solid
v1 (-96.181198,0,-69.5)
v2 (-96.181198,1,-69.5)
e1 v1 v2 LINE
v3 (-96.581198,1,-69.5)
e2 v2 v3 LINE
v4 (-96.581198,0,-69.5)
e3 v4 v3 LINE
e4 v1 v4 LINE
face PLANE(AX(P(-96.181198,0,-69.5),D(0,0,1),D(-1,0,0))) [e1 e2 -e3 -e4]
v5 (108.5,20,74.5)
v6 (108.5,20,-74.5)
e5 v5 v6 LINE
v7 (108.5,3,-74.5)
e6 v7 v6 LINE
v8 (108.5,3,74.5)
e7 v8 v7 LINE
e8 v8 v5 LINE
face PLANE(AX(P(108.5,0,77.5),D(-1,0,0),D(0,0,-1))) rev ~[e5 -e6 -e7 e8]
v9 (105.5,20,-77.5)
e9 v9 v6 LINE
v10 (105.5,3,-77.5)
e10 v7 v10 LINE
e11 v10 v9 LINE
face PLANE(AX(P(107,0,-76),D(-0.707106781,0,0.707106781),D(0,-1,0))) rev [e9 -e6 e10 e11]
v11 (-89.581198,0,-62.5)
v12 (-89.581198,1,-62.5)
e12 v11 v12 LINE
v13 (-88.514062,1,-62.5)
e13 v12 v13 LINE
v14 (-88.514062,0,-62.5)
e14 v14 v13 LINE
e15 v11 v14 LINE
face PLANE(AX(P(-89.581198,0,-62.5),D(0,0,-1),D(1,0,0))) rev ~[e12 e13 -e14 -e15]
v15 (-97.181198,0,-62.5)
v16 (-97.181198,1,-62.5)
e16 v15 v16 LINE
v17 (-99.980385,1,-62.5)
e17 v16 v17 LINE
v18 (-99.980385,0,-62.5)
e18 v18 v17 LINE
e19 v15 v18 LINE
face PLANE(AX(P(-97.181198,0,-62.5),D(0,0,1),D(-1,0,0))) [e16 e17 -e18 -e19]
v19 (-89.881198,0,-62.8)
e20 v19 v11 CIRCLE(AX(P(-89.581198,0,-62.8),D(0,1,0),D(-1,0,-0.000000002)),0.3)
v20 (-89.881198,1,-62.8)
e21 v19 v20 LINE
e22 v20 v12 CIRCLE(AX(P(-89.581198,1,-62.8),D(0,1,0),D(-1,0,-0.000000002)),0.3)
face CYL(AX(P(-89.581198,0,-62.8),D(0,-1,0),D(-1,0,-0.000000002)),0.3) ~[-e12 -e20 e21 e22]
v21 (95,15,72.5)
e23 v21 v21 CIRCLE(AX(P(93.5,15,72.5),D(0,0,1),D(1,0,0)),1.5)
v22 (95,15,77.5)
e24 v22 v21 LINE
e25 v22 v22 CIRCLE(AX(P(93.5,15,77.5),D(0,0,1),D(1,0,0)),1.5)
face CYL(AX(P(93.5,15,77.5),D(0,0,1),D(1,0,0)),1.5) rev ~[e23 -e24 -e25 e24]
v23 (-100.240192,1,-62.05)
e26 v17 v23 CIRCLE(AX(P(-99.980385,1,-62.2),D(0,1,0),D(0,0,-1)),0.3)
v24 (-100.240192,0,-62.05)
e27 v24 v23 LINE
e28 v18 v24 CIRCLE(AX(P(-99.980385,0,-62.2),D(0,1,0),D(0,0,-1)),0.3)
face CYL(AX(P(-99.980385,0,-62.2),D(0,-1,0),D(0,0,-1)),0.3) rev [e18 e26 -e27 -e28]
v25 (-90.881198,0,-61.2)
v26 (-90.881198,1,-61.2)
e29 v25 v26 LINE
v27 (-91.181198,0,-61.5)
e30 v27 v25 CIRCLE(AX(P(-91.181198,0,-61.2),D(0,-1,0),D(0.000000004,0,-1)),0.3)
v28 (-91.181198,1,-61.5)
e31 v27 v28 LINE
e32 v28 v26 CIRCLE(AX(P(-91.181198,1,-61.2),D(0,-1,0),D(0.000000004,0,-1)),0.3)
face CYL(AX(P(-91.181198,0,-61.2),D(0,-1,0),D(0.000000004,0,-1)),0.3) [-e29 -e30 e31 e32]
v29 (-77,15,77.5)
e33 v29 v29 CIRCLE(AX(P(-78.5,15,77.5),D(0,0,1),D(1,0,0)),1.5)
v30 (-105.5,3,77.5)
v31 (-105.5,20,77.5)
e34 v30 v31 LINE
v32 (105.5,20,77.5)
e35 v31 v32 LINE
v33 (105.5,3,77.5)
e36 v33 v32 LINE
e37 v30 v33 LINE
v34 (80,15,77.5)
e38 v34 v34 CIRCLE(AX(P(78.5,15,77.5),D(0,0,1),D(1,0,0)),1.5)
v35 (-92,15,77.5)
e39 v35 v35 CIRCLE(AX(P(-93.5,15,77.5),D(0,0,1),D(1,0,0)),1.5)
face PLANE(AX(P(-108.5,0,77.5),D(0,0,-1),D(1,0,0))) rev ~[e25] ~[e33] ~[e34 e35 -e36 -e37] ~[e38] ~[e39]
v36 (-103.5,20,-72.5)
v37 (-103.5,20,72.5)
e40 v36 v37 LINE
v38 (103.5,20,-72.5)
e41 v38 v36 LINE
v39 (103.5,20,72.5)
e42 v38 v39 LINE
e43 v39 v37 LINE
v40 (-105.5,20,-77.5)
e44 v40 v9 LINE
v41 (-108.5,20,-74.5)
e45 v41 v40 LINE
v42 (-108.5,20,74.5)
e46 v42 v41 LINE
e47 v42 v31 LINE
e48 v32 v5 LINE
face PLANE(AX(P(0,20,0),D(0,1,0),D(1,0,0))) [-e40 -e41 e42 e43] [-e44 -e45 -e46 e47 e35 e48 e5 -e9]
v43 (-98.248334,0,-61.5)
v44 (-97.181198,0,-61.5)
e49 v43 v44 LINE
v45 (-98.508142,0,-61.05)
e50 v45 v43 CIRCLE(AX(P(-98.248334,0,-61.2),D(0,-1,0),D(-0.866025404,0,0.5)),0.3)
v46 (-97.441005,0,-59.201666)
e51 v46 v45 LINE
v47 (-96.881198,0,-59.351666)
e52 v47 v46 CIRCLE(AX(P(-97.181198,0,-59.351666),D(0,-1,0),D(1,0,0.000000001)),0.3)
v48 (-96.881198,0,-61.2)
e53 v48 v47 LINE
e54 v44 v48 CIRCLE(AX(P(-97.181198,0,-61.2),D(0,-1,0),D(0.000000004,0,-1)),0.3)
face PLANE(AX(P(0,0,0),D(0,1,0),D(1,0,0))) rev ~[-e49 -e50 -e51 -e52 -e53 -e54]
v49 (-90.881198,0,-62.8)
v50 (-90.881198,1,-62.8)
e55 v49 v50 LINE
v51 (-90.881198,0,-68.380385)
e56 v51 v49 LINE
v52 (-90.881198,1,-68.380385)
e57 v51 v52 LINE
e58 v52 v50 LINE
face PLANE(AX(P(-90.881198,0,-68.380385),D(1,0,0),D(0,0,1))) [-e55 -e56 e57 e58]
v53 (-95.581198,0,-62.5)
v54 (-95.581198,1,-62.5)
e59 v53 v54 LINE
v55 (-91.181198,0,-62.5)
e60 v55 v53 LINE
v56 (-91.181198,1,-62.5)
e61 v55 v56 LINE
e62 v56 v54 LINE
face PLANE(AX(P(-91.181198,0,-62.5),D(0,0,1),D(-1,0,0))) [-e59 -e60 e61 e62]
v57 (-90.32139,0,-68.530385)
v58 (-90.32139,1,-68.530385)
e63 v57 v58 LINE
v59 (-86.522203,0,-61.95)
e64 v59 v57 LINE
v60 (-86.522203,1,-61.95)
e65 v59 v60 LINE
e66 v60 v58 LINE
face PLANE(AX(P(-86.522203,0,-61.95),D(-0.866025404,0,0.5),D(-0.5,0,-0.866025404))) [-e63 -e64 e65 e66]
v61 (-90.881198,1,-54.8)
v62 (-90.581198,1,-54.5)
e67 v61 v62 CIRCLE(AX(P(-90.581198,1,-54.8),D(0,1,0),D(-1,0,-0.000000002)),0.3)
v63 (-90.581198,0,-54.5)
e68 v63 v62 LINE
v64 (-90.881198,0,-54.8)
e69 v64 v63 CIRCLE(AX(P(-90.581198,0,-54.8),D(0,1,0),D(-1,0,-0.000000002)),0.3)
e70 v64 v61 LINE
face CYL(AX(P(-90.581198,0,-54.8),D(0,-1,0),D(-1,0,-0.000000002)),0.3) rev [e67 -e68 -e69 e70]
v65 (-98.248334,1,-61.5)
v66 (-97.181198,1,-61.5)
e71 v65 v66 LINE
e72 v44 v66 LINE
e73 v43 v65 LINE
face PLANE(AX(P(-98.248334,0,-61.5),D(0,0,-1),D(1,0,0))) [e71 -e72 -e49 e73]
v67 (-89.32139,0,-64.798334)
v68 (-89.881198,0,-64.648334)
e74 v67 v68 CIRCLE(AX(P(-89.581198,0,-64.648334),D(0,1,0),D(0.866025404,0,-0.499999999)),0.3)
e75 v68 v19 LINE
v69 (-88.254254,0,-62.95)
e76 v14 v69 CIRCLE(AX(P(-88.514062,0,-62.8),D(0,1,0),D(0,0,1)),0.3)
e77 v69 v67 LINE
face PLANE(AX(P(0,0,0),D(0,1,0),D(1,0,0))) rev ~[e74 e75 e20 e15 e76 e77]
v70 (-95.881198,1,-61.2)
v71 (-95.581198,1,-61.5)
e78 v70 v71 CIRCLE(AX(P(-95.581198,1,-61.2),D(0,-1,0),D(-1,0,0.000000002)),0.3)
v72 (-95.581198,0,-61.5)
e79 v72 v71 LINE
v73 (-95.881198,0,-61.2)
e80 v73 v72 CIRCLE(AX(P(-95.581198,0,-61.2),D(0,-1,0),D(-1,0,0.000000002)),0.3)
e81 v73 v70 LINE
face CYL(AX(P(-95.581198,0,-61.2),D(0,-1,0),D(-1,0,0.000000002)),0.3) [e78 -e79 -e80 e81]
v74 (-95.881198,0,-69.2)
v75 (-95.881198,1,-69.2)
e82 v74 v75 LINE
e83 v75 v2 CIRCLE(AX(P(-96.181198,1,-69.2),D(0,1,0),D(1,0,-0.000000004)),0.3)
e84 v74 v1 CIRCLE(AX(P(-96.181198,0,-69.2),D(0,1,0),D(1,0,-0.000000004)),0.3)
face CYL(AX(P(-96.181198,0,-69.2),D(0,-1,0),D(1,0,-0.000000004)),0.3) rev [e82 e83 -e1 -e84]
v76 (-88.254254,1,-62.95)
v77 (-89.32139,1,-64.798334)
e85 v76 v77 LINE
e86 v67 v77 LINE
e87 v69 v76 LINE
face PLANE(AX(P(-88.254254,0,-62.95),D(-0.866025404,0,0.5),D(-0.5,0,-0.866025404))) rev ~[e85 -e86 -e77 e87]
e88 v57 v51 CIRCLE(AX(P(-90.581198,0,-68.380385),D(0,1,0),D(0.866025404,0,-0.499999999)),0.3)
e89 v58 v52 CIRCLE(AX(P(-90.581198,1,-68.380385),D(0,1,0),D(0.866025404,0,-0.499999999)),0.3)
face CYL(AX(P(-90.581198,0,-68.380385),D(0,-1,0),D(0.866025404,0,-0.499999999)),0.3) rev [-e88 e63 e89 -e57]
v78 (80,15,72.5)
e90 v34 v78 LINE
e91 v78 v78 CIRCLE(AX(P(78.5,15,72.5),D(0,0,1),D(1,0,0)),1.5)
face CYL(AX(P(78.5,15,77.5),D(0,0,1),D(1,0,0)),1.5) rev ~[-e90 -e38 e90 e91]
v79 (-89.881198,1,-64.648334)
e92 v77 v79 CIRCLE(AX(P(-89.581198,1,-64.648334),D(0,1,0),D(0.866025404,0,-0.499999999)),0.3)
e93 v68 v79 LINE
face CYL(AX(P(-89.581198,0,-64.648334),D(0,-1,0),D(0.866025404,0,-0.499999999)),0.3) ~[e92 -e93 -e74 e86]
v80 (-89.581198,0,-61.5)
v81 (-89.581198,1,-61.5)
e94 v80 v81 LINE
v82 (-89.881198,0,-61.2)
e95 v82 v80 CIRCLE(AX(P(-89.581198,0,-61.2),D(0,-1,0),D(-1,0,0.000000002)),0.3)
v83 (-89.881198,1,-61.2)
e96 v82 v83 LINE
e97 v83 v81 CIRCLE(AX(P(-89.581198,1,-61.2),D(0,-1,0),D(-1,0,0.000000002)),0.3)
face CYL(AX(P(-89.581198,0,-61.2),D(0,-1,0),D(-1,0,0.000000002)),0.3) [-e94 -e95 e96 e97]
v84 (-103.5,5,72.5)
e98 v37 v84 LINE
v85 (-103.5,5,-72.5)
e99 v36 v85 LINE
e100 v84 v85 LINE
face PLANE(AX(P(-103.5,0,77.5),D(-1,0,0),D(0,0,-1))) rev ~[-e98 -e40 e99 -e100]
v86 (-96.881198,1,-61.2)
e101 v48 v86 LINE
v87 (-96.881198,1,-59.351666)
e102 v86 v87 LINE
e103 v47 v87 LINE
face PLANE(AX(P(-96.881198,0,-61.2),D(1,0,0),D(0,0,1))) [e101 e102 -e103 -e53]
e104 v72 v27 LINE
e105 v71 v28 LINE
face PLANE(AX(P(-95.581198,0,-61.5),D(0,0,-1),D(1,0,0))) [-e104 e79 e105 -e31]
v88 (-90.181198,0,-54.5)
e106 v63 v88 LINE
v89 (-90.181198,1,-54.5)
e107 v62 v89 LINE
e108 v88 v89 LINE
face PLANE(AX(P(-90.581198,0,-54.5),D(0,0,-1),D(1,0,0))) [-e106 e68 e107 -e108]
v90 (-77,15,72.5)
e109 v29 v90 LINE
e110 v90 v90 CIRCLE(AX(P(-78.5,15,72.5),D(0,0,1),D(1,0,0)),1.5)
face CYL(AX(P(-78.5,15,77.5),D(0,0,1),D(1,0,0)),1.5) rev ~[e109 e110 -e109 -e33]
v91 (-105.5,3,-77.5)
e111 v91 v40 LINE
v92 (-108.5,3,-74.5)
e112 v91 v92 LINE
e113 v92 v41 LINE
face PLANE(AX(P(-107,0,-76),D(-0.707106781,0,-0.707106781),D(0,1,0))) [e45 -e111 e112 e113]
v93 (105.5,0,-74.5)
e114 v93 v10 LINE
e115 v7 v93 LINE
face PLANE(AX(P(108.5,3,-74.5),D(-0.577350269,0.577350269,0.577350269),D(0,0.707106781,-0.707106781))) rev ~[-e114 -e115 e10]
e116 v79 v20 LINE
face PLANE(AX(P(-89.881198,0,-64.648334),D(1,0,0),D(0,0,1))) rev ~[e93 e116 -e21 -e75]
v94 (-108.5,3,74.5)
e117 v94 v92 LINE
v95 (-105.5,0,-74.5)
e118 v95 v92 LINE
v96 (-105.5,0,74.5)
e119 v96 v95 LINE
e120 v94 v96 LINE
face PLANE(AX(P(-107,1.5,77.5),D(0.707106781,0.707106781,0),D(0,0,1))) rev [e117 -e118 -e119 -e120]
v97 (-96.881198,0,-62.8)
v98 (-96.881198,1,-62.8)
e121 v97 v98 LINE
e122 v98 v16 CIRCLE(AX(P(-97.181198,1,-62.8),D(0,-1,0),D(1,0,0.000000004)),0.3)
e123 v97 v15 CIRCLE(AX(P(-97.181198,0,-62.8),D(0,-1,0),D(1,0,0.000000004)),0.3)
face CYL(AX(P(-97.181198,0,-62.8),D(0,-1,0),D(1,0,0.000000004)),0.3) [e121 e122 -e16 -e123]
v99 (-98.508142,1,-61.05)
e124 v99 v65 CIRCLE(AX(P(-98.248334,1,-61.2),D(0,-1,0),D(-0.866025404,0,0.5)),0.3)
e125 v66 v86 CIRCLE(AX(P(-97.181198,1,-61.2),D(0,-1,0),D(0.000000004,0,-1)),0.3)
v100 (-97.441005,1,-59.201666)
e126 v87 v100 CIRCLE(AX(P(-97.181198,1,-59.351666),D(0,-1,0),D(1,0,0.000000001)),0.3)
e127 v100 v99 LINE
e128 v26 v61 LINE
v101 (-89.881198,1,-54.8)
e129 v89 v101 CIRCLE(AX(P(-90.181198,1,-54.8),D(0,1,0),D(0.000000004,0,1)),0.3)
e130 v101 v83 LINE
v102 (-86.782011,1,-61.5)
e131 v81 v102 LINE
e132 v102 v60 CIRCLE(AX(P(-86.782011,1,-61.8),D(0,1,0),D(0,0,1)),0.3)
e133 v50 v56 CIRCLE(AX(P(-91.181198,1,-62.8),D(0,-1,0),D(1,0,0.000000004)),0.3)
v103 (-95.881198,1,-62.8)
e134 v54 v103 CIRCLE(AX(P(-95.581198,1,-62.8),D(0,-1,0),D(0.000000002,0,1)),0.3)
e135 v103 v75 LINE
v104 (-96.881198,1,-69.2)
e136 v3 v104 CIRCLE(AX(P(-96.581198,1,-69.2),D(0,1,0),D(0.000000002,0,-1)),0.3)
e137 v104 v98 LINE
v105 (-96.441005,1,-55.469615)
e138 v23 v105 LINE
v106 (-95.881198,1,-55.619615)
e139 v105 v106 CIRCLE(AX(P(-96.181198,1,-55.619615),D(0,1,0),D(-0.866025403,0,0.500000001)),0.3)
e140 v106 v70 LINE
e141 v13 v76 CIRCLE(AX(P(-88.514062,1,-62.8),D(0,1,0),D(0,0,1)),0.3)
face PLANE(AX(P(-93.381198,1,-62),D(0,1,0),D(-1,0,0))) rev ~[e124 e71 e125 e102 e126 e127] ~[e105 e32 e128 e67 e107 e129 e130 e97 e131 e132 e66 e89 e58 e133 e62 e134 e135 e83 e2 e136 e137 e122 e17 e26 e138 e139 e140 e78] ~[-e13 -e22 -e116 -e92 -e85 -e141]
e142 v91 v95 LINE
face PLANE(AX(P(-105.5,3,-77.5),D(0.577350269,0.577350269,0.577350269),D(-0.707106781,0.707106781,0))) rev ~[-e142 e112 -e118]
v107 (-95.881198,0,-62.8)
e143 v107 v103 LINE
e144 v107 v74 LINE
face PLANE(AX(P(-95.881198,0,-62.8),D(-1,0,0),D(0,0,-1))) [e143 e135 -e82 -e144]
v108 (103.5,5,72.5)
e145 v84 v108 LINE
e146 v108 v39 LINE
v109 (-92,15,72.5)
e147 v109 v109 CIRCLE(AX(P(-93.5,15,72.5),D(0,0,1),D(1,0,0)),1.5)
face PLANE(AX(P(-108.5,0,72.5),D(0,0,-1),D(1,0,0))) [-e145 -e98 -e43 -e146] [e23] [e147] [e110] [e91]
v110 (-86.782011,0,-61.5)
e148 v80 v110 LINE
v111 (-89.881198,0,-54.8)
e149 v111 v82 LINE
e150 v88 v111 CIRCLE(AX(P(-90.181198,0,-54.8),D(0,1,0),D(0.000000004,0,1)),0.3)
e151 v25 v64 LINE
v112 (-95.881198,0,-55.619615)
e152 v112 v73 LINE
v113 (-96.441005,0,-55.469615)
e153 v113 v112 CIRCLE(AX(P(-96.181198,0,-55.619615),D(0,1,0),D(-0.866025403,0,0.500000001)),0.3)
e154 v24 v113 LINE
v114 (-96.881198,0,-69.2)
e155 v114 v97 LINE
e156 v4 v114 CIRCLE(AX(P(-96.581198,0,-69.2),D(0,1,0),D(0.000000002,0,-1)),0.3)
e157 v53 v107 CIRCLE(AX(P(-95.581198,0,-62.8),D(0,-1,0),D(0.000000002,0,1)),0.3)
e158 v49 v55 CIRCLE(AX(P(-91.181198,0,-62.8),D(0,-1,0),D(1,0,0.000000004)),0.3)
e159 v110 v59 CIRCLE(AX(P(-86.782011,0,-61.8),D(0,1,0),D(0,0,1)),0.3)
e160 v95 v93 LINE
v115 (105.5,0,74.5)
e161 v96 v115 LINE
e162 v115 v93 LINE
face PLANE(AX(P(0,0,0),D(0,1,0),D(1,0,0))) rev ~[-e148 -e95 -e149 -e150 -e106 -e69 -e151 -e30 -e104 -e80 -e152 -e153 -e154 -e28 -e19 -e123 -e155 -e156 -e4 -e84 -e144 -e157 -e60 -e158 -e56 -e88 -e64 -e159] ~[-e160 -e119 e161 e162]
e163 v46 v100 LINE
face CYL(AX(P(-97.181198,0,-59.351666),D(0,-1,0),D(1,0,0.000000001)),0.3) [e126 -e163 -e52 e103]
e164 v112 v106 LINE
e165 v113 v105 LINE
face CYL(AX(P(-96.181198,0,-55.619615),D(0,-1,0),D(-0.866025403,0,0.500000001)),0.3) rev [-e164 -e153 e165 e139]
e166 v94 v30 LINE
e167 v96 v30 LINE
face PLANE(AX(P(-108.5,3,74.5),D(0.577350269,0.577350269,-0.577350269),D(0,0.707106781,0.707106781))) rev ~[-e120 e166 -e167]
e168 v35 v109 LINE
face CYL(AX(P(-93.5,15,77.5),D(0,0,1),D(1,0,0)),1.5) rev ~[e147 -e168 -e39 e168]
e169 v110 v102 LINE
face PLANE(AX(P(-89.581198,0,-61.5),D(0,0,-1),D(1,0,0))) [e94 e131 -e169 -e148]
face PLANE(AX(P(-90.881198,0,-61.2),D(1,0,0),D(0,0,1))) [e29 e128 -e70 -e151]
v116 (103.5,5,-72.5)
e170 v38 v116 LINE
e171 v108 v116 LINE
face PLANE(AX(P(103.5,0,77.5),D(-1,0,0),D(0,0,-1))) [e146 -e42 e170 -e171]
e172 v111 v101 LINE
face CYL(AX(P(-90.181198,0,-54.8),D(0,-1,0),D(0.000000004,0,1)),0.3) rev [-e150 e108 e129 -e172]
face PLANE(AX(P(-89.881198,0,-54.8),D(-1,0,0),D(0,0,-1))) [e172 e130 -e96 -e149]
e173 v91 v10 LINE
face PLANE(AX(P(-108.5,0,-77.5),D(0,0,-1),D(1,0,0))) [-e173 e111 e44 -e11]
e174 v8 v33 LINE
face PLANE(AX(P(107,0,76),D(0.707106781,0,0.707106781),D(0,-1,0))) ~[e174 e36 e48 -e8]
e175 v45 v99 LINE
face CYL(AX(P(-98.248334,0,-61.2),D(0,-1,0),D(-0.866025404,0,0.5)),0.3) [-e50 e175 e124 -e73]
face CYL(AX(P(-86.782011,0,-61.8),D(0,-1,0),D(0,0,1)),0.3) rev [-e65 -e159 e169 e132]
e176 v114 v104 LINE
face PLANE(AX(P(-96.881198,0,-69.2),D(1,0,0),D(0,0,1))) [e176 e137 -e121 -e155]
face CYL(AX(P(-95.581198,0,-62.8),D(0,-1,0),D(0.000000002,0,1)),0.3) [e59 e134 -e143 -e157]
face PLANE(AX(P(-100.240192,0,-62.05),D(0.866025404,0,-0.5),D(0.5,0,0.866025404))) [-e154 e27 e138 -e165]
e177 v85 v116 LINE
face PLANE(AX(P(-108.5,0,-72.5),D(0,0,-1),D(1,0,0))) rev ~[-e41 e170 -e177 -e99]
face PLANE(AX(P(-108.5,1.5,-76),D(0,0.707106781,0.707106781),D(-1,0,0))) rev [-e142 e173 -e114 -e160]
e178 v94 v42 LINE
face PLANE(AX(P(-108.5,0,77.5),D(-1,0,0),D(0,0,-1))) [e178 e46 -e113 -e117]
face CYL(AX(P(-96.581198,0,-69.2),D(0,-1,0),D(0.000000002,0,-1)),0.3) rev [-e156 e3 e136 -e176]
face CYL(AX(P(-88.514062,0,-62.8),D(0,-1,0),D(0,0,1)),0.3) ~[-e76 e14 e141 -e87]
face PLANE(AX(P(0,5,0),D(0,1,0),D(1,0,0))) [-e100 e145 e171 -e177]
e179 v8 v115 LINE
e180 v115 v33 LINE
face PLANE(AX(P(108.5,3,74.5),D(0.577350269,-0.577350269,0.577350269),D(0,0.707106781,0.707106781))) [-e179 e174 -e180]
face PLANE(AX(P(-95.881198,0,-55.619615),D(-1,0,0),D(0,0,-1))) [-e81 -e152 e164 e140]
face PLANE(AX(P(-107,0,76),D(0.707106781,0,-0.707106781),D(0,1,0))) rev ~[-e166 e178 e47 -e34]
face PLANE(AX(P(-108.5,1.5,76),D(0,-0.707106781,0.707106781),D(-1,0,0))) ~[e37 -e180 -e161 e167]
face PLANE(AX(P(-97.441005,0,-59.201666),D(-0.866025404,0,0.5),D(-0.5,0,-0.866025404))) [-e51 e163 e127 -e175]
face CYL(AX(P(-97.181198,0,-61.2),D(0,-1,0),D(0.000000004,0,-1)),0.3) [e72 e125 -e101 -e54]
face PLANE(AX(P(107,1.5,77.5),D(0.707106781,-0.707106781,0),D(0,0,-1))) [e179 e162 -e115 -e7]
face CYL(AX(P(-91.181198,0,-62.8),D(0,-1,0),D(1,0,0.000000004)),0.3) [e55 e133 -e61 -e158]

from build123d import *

# Parameters (mm, degrees)
SKIZZE2_W                       = 217
SKIZZE2_H                       = 155
AUFSATZ_LINEAR_AUSTRAGEN1_DEPTH = 20
WANDUNG1_T                      = -5
SCHNITT_LINEAR_AUSTRAGEN1_REACH = 192.256
SKIZZE7_R                       = 1.5
FASE1_SIZE                      = 3
SCHNITT_LINEAR_AUSTRAGEN2_DEPTH = 1


with BuildPart() as part:
    # Skizze2 → Aufsatz-Linear austragen1 (new body)
    with BuildSketch(Plane(origin=(0, 0, 0), x_dir=(1, 0, 0), z_dir=(0, 1, 0))):
        Rectangle(SKIZZE2_W, SKIZZE2_H)
    extrude(amount=AUFSATZ_LINEAR_AUSTRAGEN1_DEPTH)

    # Wandung1
    wandung1_openings = [part.faces().sort_by_distance(p)[0] for p in [
        (0, 20, 0),
    ]]
    offset(amount=WANDUNG1_T, openings=wandung1_openings, kind=Kind.INTERSECTION)

    # Skizze7 → Schnitt-Linear austragen1 (cut, up to next)
    with BuildSketch(Plane.XY.offset(77.5), mode=Mode.PRIVATE) as schnitt_linear_austragen1_sk1:
        with Locations((-93.5, 15)):
            Circle(SKIZZE7_R)
    schnitt_linear_austragen1_tool1 = extrude(schnitt_linear_austragen1_sk1.sketch, amount=-SCHNITT_LINEAR_AUSTRAGEN1_REACH, mode=Mode.PRIVATE) & part.part
    # Skizze7 → Schnitt-Linear austragen1 (cut, up to next)
    with BuildSketch(Plane.XY.offset(77.5), mode=Mode.PRIVATE) as schnitt_linear_austragen1_sk2:
        with Locations((-78.5, 15)):
            Circle(SKIZZE7_R)
    schnitt_linear_austragen1_tool2 = extrude(schnitt_linear_austragen1_sk2.sketch, amount=-SCHNITT_LINEAR_AUSTRAGEN1_REACH, mode=Mode.PRIVATE) & part.part
    # Skizze7 → Schnitt-Linear austragen1 (cut, up to next)
    with BuildSketch(Plane.XY.offset(77.5), mode=Mode.PRIVATE) as schnitt_linear_austragen1_sk3:
        with Locations((78.5, 15)):
            Circle(SKIZZE7_R)
    schnitt_linear_austragen1_tool3 = extrude(schnitt_linear_austragen1_sk3.sketch, amount=-SCHNITT_LINEAR_AUSTRAGEN1_REACH, mode=Mode.PRIVATE) & part.part
    # Skizze7 → Schnitt-Linear austragen1 (cut, up to next)
    with BuildSketch(Plane.XY.offset(77.5), mode=Mode.PRIVATE) as schnitt_linear_austragen1_sk4:
        with Locations((93.5, 15)):
            Circle(SKIZZE7_R)
    schnitt_linear_austragen1_tool4 = extrude(schnitt_linear_austragen1_sk4.sketch, amount=-SCHNITT_LINEAR_AUSTRAGEN1_REACH, mode=Mode.PRIVATE) & part.part
    add(schnitt_linear_austragen1_tool1.solids().sort_by_distance((-93.5, 15, 77.5))[0], mode=Mode.SUBTRACT)
    add(schnitt_linear_austragen1_tool2.solids().sort_by_distance((-78.5, 15, 77.5))[0], mode=Mode.SUBTRACT)
    add(schnitt_linear_austragen1_tool3.solids().sort_by_distance((78.5, 15, 77.5))[0], mode=Mode.SUBTRACT)
    add(schnitt_linear_austragen1_tool4.solids().sort_by_distance((93.5, 15, 77.5))[0], mode=Mode.SUBTRACT)

    # Fase1
    fase1_edges = [part.edges().sort_by_distance(p)[0] for p in [
        (0, 0, 77.5),
        (-108.5, 0, 0),
        (0, 0, -77.5),
        (108.5, 0, 0),
        (108.5, 10, 77.5),
        (-108.5, 10, 77.5),
        (-108.5, 10, -77.5),
        (108.5, 10, -77.5),
    ]]
    chamfer(fase1_edges, length=FASE1_SIZE)

    # Skizze8 → Schnitt-Linear austragen2 (cut)
    with BuildSketch(Plane.XZ):
        with BuildLine():
            Line((-96.881197846, -69.2), (-96.881197846, -62.8))
            ThreePointArc((-96.881197846, -62.8), (-96.969065812, -62.587867966), (-97.181197846, -62.5))
            Line((-97.181197846, -62.5), (-99.980384758, -62.5))
            ThreePointArc((-99.980384758, -62.5), (-100.240192379, -62.35), (-100.240192379, -62.05))
            Line((-100.240192379, -62.05), (-96.441005468, -55.469615242))
            ThreePointArc((-96.441005468, -55.469615242), (-96.103552133, -55.329837494), (-95.881197846, -55.619615242))
            Line((-95.881197846, -55.619615242), (-95.881197846, -61.2))
            ThreePointArc((-95.881197846, -61.2), (-95.793329881, -61.412132034), (-95.581197846, -61.5))
            Line((-95.581197846, -61.5), (-91.181197846, -61.5))
            ThreePointArc((-91.181197846, -61.5), (-90.969065812, -61.412132034), (-90.881197846, -61.2))
            Line((-90.881197846, -61.2), (-90.881197846, -54.8))
            ThreePointArc((-90.881197846, -54.8), (-90.793329881, -54.587867966), (-90.581197846, -54.5))
            Line((-90.581197846, -54.5), (-90.181197846, -54.5))
            ThreePointArc((-90.181197846, -54.5), (-89.969065812, -54.587867966), (-89.881197846, -54.8))
            Line((-89.881197846, -54.8), (-89.881197846, -61.2))
            ThreePointArc((-89.881197846, -61.2), (-89.793329881, -61.412132034), (-89.581197846, -61.5))
            Line((-89.581197846, -61.5), (-86.782010935, -61.5))
            ThreePointArc((-86.782010935, -61.5), (-86.522203314, -61.65), (-86.522203314, -61.95))
            Line((-86.522203314, -61.95), (-90.321390225, -68.530384758))
            ThreePointArc((-90.321390225, -68.530384758), (-90.65884356, -68.670162506), (-90.881197846, -68.380384758))
            Line((-90.881197846, -68.380384758), (-90.881197846, -62.8))
            ThreePointArc((-90.881197846, -62.8), (-90.969065812, -62.587867966), (-91.181197846, -62.5))
            Line((-91.181197846, -62.5), (-95.581197846, -62.5))
            ThreePointArc((-95.581197846, -62.5), (-95.793329881, -62.587867966), (-95.881197846, -62.8))
            Line((-95.881197846, -62.8), (-95.881197846, -69.2))
            ThreePointArc((-95.881197846, -69.2), (-95.969065812, -69.412132034), (-96.181197846, -69.5))
            Line((-96.181197846, -69.5), (-96.581197846, -69.5))
            ThreePointArc((-96.581197846, -69.5), (-96.793329881, -69.412132034), (-96.881197846, -69.2))
        make_face()
        with BuildLine():
            Line((-97.441005468, -59.20166605), (-98.508141571, -61.05))
            ThreePointArc((-98.508141571, -61.05), (-98.508141571, -61.35), (-98.24833395, -61.5))
            Line((-98.24833395, -61.5), (-97.181197846, -61.5))
            ThreePointArc((-97.181197846, -61.5), (-96.969065812, -61.412132034), (-96.881197846, -61.2))
            Line((-96.881197846, -61.2), (-96.881197846, -59.35166605))
            ThreePointArc((-96.881197846, -59.35166605), (-97.103552133, -59.061888302), (-97.441005468, -59.20166605))
        make_face(mode=Mode.SUBTRACT)
        with BuildLine():
            Line((-88.254254122, -62.95), (-89.321390225, -64.79833395))
            ThreePointArc((-89.321390225, -64.79833395), (-89.65884356, -64.938111698), (-89.881197846, -64.64833395))
            Line((-89.881197846, -64.64833395), (-89.881197846, -62.8))
            ThreePointArc((-89.881197846, -62.8), (-89.793329881, -62.587867966), (-89.581197846, -62.5))
            Line((-89.581197846, -62.5), (-88.514061743, -62.5))
            ThreePointArc((-88.514061743, -62.5), (-88.254254122, -62.65), (-88.254254122, -62.95))
        make_face(mode=Mode.SUBTRACT)
    extrude(amount=-SCHNITT_LINEAR_AUSTRAGEN2_DEPTH, mode=Mode.SUBTRACT)


solid = part.part
